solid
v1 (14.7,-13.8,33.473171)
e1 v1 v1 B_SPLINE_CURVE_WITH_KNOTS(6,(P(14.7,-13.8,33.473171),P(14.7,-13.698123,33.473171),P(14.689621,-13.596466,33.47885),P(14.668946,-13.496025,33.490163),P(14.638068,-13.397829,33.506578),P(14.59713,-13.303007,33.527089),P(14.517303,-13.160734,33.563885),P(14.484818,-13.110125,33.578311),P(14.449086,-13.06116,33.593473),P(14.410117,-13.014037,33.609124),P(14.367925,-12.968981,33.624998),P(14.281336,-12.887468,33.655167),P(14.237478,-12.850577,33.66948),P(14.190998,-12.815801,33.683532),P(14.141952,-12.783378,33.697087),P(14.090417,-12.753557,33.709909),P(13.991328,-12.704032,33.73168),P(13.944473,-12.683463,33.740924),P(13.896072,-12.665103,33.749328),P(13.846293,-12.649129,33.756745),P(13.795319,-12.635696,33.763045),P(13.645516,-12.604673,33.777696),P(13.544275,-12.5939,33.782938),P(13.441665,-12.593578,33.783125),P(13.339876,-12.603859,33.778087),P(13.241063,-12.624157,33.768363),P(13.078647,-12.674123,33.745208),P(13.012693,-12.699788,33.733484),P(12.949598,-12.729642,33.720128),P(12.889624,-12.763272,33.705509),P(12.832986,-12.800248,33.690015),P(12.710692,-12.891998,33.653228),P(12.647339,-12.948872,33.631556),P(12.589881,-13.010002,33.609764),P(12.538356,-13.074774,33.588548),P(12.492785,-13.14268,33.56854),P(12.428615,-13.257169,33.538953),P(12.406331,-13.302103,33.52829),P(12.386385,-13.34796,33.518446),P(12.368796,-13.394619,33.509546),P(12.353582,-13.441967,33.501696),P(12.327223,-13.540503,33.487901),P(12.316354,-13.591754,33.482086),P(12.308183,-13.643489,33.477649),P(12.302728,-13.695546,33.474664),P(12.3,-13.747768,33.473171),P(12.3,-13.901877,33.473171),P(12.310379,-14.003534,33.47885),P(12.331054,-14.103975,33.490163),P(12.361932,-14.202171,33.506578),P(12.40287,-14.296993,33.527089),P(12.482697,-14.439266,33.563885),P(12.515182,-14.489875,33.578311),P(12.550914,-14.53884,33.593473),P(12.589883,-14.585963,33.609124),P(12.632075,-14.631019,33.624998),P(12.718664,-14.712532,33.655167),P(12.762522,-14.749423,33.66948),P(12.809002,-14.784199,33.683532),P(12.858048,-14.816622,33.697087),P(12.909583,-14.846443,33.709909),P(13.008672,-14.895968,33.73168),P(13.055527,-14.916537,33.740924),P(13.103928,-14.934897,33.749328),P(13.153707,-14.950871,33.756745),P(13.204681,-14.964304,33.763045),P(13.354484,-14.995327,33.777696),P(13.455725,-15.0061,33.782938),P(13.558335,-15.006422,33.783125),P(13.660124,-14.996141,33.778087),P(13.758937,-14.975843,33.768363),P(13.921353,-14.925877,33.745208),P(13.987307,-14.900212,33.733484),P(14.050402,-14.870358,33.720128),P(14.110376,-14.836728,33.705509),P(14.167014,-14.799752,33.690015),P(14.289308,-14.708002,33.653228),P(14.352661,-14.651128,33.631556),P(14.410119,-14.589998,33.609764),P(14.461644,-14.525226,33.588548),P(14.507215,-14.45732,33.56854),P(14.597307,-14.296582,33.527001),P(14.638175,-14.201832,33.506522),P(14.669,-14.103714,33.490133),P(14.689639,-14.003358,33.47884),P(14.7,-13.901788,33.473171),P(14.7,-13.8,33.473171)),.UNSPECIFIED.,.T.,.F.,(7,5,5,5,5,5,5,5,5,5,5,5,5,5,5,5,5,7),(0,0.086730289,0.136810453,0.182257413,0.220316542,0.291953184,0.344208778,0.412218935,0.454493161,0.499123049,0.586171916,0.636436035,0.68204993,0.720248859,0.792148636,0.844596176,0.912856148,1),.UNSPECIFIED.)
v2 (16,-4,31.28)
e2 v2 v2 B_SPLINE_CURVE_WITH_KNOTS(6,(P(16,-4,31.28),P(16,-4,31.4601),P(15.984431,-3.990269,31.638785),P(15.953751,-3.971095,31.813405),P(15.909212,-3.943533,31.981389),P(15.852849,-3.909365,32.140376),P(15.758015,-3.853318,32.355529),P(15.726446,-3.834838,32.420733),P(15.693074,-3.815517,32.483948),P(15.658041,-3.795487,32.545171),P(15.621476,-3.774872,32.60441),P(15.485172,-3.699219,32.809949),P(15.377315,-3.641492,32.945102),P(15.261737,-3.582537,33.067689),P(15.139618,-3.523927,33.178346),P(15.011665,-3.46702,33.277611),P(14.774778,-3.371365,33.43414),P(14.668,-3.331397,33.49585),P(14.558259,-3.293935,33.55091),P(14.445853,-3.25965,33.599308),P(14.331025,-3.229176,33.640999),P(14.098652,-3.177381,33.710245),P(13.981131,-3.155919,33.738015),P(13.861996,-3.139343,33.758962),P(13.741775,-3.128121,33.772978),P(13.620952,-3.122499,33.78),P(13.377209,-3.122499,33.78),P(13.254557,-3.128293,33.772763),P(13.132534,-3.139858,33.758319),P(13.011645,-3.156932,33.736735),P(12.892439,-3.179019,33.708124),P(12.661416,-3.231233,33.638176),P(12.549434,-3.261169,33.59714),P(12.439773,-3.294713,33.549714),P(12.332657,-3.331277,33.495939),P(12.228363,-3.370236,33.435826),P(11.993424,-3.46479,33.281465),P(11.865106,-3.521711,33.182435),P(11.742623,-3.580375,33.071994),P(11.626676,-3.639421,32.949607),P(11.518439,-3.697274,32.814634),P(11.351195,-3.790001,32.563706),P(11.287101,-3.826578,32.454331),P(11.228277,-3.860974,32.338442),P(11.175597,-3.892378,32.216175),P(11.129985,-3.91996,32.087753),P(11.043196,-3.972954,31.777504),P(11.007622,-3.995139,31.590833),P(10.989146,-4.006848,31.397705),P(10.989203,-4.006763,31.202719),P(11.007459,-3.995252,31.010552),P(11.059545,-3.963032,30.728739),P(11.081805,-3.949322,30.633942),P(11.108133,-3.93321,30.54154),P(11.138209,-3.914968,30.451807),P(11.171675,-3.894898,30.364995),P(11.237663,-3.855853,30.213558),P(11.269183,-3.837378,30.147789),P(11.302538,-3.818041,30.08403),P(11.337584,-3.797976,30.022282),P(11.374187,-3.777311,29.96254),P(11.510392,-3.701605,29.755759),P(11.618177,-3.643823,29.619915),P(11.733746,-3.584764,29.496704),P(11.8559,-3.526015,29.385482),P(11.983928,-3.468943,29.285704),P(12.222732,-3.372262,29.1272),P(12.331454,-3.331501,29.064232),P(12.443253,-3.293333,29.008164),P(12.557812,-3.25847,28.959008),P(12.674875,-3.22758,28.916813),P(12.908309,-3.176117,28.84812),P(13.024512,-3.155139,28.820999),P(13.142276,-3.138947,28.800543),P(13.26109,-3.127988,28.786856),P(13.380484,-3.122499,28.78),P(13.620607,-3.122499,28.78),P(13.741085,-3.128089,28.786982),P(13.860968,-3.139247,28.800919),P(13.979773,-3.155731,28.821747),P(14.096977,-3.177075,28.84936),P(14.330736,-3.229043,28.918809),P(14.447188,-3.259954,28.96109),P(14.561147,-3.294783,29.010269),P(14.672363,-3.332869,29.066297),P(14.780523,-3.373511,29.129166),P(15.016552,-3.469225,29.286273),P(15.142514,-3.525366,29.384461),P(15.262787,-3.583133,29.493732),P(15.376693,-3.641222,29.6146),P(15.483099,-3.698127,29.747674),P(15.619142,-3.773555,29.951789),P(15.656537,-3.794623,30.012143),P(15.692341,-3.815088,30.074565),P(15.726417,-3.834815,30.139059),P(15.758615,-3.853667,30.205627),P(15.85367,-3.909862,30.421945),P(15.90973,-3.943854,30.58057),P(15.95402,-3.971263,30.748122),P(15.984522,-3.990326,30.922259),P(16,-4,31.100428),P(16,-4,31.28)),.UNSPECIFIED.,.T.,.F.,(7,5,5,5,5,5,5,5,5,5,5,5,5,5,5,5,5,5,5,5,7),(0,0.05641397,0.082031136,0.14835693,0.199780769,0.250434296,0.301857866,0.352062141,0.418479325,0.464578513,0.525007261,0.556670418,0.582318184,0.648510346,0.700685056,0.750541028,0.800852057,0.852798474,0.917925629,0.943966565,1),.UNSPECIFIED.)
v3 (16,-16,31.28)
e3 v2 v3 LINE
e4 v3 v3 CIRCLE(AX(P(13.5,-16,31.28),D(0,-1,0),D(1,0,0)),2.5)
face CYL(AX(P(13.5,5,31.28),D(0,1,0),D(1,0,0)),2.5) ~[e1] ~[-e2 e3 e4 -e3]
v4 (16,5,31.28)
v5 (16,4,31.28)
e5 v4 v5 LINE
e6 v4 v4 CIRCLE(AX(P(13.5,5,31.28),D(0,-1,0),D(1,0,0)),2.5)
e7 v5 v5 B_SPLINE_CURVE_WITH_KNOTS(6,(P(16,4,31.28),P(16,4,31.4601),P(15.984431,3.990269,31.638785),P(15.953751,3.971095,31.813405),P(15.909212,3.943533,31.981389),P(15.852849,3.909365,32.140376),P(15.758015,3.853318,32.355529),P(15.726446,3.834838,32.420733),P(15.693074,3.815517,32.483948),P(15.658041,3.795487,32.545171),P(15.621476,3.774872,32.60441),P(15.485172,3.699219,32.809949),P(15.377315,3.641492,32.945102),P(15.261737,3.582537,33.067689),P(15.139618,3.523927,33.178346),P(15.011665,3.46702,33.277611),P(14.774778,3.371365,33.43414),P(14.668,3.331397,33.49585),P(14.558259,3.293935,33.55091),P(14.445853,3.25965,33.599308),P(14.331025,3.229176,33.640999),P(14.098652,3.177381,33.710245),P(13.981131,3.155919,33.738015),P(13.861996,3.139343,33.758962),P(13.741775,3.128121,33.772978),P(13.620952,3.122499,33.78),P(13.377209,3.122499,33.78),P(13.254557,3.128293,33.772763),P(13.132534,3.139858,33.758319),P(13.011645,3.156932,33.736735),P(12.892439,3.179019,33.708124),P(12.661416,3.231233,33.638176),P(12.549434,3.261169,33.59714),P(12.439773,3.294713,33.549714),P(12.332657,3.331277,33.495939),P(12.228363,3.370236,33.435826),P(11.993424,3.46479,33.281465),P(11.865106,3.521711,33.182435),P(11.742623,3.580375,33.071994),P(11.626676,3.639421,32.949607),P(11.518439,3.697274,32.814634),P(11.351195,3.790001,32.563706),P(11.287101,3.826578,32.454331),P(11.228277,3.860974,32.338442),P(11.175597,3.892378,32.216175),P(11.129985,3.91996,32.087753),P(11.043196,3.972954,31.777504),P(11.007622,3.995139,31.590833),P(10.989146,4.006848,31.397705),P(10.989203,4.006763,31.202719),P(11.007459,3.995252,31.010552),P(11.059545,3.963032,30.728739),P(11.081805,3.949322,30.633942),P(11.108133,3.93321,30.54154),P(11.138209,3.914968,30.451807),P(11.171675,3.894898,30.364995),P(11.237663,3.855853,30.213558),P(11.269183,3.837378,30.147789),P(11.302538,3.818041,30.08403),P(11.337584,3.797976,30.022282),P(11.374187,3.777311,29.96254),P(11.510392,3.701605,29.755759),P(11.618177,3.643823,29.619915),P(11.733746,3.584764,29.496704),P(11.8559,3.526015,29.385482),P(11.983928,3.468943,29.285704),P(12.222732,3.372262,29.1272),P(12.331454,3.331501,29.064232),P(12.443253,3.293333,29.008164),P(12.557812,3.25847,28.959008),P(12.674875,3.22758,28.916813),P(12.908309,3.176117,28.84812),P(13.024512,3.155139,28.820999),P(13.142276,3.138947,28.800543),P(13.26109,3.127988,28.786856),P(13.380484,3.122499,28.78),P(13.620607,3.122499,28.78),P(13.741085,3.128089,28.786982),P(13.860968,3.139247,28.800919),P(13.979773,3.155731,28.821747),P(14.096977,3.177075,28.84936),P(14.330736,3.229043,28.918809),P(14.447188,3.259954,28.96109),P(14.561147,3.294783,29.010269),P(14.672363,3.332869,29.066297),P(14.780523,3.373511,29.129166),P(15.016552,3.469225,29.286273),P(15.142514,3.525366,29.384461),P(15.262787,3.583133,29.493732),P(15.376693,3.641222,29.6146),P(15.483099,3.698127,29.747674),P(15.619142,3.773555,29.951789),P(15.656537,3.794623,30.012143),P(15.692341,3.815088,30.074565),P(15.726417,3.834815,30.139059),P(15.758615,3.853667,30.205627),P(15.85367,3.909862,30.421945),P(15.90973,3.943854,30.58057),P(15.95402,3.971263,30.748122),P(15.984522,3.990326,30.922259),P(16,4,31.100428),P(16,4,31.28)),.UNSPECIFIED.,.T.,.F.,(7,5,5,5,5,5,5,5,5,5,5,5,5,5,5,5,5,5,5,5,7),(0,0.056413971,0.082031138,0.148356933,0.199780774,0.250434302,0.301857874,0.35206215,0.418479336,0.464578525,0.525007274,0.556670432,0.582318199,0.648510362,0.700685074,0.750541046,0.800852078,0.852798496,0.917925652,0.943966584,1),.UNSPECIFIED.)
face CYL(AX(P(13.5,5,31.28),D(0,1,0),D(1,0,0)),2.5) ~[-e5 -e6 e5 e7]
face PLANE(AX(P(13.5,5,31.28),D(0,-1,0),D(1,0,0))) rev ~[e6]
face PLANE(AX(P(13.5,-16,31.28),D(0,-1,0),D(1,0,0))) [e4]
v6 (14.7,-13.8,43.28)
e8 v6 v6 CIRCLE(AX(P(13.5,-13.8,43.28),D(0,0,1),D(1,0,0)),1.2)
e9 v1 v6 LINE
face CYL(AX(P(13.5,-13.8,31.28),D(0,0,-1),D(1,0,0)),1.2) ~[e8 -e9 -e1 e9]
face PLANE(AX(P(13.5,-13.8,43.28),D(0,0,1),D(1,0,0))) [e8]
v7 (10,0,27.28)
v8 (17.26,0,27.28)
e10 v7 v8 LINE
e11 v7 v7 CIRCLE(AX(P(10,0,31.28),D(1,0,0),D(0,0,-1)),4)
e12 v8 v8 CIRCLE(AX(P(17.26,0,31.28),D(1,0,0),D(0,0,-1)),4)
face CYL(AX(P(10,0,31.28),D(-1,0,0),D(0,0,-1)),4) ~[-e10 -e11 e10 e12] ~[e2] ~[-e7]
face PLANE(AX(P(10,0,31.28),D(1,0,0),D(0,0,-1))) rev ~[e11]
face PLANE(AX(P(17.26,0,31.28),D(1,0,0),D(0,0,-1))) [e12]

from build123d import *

# Parameters (mm, degrees)
CYLINDER006_R     = 2.5
CYLINDER006_DEPTH = 21
CYLINDER005_R     = 1.2
CYLINDER005_DEPTH = 12
CYLINDER004_R     = 4
CYLINDER004_DEPTH = 7.26


with BuildPart() as cylinder006:
    # Cylinder006 → Cylinder006 (new body)
    with BuildSketch(Plane(origin=(3.5, 5, 0), x_dir=(1, 0, 0), z_dir=(0, -1, 0))):
        Circle(CYLINDER006_R)
    extrude(amount=CYLINDER006_DEPTH)


with BuildPart() as cylinder005:
    # Cylinder005 → Cylinder005 (new body)
    with BuildSketch(Plane(origin=(3.5, -13.8, 0), x_dir=(1, 0, 0), z_dir=(0, 0, 1))):
        Circle(CYLINDER005_R)
    extrude(amount=CYLINDER005_DEPTH)


with BuildPart() as valve001:
    # Cylinder004 → Cylinder004 (new body)
    with BuildSketch(Plane(origin=(0, 0, 0), x_dir=(0, 0, -1), z_dir=(1, 0, 0))):
        Circle(CYLINDER004_R)
    extrude(amount=CYLINDER004_DEPTH)

    # Fusion001: union Cylinder006, Cylinder005
    add(cylinder006.part)
    add(cylinder005.part)


with BuildPart() as valve001_1:
    # Fusion001 placement: moved
    add(valve001.part.moved(Location((10, 0, 31.28))))


solid = valve001_1.part
